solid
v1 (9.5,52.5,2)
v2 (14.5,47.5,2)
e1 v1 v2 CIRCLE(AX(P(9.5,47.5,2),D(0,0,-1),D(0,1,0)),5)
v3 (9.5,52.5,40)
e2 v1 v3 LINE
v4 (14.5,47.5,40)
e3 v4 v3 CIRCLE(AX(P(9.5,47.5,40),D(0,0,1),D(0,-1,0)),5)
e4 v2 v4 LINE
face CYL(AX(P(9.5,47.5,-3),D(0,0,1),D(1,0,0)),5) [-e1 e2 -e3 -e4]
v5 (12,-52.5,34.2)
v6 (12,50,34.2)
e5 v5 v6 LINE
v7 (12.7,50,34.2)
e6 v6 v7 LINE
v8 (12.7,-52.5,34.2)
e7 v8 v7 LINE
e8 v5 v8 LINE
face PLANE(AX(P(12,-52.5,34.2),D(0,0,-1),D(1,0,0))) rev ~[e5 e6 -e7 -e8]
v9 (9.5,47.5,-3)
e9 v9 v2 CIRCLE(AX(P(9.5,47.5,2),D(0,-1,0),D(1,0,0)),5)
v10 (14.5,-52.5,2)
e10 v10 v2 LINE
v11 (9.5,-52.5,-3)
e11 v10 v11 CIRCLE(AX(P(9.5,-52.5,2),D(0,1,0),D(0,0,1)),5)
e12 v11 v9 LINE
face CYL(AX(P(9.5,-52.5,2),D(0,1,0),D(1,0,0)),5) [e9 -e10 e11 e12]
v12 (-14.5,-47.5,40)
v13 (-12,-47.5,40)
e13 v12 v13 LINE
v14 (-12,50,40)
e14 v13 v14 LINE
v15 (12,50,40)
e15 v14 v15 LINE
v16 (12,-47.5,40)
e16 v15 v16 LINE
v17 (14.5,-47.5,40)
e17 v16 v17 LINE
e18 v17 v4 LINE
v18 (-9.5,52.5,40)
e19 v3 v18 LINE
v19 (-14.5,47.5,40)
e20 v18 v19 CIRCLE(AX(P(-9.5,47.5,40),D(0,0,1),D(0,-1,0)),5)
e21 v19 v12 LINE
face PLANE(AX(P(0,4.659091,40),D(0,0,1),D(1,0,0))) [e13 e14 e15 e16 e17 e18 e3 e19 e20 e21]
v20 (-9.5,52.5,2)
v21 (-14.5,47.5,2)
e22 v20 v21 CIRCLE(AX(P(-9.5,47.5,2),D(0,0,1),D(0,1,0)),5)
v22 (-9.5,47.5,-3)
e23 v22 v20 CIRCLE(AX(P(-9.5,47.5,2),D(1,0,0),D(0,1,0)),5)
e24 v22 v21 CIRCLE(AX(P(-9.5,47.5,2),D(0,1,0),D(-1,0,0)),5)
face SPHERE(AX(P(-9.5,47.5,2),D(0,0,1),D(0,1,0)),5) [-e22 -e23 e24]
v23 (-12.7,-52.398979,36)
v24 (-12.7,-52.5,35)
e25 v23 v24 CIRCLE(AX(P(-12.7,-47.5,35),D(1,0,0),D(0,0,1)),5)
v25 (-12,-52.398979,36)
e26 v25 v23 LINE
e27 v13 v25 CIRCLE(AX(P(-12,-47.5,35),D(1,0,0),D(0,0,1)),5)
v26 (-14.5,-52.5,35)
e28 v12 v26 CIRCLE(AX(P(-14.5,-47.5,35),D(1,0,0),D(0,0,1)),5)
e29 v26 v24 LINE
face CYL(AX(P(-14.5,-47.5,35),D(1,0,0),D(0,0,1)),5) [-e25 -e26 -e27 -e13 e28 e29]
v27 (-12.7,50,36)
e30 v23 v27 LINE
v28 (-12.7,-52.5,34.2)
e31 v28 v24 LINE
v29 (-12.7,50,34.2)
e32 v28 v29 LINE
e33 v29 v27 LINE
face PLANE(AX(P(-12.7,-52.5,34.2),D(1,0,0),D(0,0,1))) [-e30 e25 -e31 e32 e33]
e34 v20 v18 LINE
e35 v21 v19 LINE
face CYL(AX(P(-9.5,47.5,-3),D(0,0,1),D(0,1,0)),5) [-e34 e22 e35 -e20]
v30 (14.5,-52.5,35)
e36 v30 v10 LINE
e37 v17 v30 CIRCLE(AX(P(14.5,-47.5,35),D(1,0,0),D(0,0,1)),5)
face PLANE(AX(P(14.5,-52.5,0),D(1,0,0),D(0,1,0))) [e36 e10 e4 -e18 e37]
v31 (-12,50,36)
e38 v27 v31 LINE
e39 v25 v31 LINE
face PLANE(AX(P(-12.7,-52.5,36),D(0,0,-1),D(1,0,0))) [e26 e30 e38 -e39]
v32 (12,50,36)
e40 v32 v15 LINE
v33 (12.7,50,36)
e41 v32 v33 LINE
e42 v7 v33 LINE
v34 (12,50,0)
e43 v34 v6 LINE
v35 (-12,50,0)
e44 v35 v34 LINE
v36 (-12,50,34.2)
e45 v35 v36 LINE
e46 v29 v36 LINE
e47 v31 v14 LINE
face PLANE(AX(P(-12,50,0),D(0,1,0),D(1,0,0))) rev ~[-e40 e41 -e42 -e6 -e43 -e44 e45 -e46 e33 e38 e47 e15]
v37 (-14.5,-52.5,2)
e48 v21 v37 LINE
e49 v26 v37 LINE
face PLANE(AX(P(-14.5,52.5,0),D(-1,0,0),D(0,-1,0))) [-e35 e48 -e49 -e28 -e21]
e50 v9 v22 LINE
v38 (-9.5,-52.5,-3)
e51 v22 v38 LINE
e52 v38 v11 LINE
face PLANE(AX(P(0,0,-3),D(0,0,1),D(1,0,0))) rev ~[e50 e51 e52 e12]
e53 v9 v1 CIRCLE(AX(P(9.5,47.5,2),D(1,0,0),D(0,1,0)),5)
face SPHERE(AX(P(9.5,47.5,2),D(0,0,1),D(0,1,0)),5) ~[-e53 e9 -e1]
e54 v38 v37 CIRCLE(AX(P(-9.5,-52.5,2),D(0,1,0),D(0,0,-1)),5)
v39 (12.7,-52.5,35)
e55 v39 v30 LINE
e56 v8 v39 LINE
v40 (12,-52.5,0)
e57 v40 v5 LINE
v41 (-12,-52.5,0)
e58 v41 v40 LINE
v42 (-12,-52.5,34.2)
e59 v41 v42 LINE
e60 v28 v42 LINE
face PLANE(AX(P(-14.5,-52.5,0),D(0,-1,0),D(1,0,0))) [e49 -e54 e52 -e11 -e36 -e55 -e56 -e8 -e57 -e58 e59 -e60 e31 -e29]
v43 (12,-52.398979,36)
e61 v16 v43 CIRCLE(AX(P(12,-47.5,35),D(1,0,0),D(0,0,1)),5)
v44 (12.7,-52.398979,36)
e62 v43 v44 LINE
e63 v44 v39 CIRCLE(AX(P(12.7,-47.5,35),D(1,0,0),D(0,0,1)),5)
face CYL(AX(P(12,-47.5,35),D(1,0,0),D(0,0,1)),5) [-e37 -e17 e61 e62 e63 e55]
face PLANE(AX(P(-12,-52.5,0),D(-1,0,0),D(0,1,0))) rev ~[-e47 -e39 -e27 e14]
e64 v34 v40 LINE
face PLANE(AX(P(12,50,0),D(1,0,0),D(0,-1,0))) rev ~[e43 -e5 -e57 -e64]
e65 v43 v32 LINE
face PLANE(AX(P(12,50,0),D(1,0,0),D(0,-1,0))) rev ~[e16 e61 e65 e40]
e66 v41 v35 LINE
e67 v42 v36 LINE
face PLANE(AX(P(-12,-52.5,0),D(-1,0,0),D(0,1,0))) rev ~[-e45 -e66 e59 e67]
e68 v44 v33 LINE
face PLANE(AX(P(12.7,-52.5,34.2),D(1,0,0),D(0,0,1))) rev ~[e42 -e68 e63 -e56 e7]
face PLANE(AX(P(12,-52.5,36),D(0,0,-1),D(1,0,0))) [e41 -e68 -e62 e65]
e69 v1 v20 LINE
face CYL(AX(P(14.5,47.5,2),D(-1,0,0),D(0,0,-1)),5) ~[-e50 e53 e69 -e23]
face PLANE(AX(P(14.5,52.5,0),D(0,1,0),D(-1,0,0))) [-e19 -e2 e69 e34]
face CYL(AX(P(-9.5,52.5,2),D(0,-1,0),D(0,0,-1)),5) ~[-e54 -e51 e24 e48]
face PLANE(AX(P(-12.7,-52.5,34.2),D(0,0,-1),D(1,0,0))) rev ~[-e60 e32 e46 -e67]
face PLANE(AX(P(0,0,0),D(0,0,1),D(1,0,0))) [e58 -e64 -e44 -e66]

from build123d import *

# Parameters (mm, degrees)
F1_DEPTH = 40
F0_W     = 24
F0_H     = 100
F0_H_2   = 2.5
F2_DEPTH = 3
F3_W     = 0.7
F3_H     = 1.8
F4_DEPTH = 102.5
F5_R     = 5


with BuildPart() as f1:
    # F0 (on Top) → F1 (new body)
    with BuildSketch(Plane.XY):
        Polygon((12, 50), (12, -50), (12, -52.5), (14.5, -52.5), (14.5, 52.5), (-14.5, 52.5), (-14.5, -52.5), (-12, -52.5), (-12, -50), (-12, 50), align=None)
    extrude(amount=F1_DEPTH)

    # F0 (on Top) → F2 (join)
    with BuildSketch(Plane.XY):
        Rectangle(F0_W, F0_H)
        Polygon((12, 50), (12, -50), (12, -52.5), (14.5, -52.5), (14.5, 52.5), (-14.5, 52.5), (-14.5, -52.5), (-12, -52.5), (-12, -50), (-12, 50), align=None)
        with Locations((0, -51.25)):
            Rectangle(F0_W, F0_H_2)
    extrude(amount=-F2_DEPTH)

    # F3 (on face) → F4 (cut)
    with BuildSketch(Plane.XZ.offset(52.5)):
        with Locations((-12.35, 35.1)):
            Rectangle(F3_W, F3_H)
        with Locations((12.35, 35.1)):
            Rectangle(F3_W, F3_H)
    extrude(amount=-F4_DEPTH, mode=Mode.SUBTRACT)

    # F5
    f5_edges = [f1.edges().sort_by_distance(p)[0] for p in [
        (-13.25, -52.5, 40),
        (13.25, -52.5, 40),
        (-14.5, 52.5, 18.5),
        (14.5, 52.5, 18.5),
        (0, 52.5, -3),
        (14.5, 0, -3),
        (-14.5, 0, -3),
    ]]
    fillet(f5_edges, radius=F5_R)


solid = f1.part
